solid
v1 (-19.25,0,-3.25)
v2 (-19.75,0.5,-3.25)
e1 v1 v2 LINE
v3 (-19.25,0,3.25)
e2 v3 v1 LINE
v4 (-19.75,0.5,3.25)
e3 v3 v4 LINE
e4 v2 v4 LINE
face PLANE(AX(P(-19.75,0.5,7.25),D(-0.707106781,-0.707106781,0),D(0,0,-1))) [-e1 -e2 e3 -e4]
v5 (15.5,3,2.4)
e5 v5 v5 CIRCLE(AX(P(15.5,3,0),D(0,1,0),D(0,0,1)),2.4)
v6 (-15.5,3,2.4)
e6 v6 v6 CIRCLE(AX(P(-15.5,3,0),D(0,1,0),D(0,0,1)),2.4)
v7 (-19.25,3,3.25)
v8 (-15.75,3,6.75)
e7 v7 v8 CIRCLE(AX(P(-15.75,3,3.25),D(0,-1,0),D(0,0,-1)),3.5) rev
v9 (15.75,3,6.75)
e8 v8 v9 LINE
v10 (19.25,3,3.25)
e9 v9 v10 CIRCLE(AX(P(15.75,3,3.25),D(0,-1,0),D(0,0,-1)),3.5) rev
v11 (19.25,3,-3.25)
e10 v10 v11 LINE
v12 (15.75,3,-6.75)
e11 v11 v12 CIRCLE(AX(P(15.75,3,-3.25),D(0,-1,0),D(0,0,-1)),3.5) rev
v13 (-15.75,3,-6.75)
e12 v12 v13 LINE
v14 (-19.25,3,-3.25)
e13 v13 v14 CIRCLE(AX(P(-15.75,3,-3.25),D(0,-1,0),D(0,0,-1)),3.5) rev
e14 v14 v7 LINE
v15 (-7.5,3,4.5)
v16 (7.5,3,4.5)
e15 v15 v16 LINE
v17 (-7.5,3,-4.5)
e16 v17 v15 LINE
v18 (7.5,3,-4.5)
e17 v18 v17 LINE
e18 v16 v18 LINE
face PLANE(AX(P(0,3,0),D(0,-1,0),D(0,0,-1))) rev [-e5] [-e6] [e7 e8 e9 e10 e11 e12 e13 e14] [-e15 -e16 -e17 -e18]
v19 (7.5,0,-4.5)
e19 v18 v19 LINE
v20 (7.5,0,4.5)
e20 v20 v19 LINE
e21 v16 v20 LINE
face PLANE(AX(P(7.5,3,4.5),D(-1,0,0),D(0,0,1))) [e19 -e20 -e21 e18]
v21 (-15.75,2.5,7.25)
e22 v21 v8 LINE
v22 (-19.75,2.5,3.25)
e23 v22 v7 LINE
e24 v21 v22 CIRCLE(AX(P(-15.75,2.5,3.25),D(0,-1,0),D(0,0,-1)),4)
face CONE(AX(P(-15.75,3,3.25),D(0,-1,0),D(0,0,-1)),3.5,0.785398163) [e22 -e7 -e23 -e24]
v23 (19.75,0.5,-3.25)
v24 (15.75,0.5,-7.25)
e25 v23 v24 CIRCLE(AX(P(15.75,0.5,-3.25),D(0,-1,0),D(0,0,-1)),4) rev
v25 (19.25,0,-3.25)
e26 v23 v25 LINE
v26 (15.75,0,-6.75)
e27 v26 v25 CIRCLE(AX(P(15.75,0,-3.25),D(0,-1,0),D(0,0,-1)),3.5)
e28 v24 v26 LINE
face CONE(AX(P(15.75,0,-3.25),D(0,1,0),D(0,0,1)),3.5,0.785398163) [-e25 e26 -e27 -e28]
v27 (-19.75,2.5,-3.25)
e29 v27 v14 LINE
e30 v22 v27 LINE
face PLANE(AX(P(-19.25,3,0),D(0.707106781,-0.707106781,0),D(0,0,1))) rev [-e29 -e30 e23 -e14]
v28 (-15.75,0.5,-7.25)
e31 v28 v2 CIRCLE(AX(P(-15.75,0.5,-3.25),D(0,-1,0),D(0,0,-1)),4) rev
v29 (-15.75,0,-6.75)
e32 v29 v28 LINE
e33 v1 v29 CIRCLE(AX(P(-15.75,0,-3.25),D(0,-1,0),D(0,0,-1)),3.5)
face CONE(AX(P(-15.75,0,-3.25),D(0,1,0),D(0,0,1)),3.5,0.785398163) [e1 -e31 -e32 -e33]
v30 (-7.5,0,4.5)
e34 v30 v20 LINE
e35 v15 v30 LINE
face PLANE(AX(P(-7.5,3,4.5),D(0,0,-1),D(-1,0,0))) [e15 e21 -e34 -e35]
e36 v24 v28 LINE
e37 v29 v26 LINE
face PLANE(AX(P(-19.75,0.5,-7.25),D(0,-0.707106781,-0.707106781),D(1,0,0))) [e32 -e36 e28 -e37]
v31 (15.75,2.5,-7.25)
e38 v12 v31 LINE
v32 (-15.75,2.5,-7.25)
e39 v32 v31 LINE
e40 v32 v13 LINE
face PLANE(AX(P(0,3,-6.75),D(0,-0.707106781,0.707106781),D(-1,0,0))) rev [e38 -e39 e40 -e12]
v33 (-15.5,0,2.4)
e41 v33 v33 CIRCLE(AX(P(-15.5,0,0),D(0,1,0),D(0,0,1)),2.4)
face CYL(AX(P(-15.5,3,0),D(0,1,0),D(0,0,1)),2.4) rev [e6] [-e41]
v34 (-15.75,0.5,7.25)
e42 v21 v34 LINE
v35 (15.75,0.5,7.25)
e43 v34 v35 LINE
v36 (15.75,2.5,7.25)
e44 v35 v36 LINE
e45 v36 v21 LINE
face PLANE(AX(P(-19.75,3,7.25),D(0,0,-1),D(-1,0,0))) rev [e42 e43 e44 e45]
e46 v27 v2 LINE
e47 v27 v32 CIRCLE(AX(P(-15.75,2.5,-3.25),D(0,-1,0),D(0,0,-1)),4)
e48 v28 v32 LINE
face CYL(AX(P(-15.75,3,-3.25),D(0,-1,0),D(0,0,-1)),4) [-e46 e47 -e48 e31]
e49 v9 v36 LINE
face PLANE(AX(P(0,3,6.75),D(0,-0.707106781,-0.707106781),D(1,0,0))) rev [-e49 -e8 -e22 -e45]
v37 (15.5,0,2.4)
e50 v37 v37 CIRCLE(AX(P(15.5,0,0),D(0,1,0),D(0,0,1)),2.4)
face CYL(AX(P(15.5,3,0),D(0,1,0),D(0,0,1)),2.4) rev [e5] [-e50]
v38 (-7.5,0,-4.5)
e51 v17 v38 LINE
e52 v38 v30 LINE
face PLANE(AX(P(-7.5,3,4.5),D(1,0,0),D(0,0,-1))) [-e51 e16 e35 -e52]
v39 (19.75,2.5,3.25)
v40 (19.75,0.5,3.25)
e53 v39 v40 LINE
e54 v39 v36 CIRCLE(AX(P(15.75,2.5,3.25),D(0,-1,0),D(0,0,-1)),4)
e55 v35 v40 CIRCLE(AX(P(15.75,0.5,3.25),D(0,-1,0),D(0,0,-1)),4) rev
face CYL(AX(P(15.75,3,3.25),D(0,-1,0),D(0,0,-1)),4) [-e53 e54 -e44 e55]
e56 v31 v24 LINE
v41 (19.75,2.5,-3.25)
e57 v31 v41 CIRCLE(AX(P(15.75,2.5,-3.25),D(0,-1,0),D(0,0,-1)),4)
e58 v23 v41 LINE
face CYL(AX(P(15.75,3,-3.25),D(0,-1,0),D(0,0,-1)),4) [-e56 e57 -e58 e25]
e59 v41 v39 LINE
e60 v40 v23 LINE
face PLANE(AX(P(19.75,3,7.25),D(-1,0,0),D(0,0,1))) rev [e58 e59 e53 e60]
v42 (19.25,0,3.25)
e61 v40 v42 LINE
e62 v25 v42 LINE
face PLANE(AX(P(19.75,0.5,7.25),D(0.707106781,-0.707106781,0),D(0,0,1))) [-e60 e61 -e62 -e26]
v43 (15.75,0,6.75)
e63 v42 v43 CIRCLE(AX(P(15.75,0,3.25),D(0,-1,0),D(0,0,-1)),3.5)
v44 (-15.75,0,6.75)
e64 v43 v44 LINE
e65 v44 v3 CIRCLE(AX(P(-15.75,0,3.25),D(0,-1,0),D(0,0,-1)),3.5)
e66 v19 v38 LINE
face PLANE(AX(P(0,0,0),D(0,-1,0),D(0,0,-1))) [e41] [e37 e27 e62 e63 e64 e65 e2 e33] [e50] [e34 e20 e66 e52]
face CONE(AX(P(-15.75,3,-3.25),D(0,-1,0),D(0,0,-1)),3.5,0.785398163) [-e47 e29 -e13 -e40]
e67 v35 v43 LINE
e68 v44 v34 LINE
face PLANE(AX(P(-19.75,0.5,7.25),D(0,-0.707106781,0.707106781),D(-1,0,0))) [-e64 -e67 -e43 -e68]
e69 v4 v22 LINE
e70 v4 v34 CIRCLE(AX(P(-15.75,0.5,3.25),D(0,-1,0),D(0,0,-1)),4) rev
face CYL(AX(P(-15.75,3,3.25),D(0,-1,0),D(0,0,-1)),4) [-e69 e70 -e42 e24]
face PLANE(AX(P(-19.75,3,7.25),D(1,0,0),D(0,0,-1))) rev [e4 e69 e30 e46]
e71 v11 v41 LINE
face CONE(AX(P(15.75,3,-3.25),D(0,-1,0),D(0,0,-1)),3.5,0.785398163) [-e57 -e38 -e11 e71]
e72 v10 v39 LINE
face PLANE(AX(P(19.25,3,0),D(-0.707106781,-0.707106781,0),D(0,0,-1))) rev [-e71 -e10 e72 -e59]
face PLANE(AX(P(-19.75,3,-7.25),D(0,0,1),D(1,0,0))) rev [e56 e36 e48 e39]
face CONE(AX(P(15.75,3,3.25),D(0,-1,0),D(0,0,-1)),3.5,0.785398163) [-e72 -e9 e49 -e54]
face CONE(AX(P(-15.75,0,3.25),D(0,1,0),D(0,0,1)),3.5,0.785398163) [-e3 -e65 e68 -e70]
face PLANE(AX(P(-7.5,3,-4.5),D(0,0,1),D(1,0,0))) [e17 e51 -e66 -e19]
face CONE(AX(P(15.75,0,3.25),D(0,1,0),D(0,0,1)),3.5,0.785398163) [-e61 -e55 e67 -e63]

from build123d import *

# Parameters (mm, degrees)
SKETCH1_W            = 39.5
SKETCH1_H            = 14.5
SKETCH1_W_2          = 15
SKETCH1_H_2          = 9
BOSS_EXTRUDE1_DEPTH  = 3
FILLET1_R            = 4
M4_CLEARANCE_HOLE1_D = 4.8
CHAMFER1_SIZE        = 0.5


with BuildPart() as part:
    # Sketch1 → Boss-Extrude1 (new body)
    with BuildSketch(Plane(origin=(0, 0, 0), x_dir=(1, 0, 0), z_dir=(0, 1, 0))):
        Rectangle(SKETCH1_W, SKETCH1_H)
        Rectangle(SKETCH1_W_2, SKETCH1_H_2, mode=Mode.SUBTRACT)
    extrude(amount=BOSS_EXTRUDE1_DEPTH)

    # Fillet1
    fillet1_edges = [part.edges().sort_by_distance(p)[0] for p in [
        (19.75, 1.5, 7.25),
        (-19.75, 1.5, 7.25),
        (-19.75, 1.5, -7.25),
        (19.75, 1.5, -7.25),
    ]]
    fillet(fillet1_edges, radius=FILLET1_R)

    # M4 Clearance Hole1 (through all)
    with Locations(Plane(origin=(0, 3, 0), x_dir=(1, 0, 0), z_dir=(0, 1, 0))):
        with Locations((-15.5, 0), (15.5, 0)):
            Hole(M4_CLEARANCE_HOLE1_D / 2)

    # Chamfer1
    chamfer1_edges = [part.edges().sort_by_distance(p)[0] for p in [
        (19.75, 0, 0),
        (19.75, 3, 0),
        (0, 0, 7.25),
        (-19.75, 0, 0),
        (0, 0, -7.25),
        (-18.578427125, 0, -6.078427125),
        (-18.578427125, 0, 6.078427125),
        (18.578427125, 0, -6.078427125),
        (18.578427125, 0, 6.078427125),
        (0, 3, 7.25),
        (0, 3, -7.25),
        (-19.75, 3, 0),
        (-18.578427125, 3, -6.078427125),
        (-18.578427125, 3, 6.078427125),
        (18.578427125, 3, -6.078427125),
        (18.578427125, 3, 6.078427125),
    ]]
    chamfer(chamfer1_edges, length=CHAMFER1_SIZE)


solid = part.part
